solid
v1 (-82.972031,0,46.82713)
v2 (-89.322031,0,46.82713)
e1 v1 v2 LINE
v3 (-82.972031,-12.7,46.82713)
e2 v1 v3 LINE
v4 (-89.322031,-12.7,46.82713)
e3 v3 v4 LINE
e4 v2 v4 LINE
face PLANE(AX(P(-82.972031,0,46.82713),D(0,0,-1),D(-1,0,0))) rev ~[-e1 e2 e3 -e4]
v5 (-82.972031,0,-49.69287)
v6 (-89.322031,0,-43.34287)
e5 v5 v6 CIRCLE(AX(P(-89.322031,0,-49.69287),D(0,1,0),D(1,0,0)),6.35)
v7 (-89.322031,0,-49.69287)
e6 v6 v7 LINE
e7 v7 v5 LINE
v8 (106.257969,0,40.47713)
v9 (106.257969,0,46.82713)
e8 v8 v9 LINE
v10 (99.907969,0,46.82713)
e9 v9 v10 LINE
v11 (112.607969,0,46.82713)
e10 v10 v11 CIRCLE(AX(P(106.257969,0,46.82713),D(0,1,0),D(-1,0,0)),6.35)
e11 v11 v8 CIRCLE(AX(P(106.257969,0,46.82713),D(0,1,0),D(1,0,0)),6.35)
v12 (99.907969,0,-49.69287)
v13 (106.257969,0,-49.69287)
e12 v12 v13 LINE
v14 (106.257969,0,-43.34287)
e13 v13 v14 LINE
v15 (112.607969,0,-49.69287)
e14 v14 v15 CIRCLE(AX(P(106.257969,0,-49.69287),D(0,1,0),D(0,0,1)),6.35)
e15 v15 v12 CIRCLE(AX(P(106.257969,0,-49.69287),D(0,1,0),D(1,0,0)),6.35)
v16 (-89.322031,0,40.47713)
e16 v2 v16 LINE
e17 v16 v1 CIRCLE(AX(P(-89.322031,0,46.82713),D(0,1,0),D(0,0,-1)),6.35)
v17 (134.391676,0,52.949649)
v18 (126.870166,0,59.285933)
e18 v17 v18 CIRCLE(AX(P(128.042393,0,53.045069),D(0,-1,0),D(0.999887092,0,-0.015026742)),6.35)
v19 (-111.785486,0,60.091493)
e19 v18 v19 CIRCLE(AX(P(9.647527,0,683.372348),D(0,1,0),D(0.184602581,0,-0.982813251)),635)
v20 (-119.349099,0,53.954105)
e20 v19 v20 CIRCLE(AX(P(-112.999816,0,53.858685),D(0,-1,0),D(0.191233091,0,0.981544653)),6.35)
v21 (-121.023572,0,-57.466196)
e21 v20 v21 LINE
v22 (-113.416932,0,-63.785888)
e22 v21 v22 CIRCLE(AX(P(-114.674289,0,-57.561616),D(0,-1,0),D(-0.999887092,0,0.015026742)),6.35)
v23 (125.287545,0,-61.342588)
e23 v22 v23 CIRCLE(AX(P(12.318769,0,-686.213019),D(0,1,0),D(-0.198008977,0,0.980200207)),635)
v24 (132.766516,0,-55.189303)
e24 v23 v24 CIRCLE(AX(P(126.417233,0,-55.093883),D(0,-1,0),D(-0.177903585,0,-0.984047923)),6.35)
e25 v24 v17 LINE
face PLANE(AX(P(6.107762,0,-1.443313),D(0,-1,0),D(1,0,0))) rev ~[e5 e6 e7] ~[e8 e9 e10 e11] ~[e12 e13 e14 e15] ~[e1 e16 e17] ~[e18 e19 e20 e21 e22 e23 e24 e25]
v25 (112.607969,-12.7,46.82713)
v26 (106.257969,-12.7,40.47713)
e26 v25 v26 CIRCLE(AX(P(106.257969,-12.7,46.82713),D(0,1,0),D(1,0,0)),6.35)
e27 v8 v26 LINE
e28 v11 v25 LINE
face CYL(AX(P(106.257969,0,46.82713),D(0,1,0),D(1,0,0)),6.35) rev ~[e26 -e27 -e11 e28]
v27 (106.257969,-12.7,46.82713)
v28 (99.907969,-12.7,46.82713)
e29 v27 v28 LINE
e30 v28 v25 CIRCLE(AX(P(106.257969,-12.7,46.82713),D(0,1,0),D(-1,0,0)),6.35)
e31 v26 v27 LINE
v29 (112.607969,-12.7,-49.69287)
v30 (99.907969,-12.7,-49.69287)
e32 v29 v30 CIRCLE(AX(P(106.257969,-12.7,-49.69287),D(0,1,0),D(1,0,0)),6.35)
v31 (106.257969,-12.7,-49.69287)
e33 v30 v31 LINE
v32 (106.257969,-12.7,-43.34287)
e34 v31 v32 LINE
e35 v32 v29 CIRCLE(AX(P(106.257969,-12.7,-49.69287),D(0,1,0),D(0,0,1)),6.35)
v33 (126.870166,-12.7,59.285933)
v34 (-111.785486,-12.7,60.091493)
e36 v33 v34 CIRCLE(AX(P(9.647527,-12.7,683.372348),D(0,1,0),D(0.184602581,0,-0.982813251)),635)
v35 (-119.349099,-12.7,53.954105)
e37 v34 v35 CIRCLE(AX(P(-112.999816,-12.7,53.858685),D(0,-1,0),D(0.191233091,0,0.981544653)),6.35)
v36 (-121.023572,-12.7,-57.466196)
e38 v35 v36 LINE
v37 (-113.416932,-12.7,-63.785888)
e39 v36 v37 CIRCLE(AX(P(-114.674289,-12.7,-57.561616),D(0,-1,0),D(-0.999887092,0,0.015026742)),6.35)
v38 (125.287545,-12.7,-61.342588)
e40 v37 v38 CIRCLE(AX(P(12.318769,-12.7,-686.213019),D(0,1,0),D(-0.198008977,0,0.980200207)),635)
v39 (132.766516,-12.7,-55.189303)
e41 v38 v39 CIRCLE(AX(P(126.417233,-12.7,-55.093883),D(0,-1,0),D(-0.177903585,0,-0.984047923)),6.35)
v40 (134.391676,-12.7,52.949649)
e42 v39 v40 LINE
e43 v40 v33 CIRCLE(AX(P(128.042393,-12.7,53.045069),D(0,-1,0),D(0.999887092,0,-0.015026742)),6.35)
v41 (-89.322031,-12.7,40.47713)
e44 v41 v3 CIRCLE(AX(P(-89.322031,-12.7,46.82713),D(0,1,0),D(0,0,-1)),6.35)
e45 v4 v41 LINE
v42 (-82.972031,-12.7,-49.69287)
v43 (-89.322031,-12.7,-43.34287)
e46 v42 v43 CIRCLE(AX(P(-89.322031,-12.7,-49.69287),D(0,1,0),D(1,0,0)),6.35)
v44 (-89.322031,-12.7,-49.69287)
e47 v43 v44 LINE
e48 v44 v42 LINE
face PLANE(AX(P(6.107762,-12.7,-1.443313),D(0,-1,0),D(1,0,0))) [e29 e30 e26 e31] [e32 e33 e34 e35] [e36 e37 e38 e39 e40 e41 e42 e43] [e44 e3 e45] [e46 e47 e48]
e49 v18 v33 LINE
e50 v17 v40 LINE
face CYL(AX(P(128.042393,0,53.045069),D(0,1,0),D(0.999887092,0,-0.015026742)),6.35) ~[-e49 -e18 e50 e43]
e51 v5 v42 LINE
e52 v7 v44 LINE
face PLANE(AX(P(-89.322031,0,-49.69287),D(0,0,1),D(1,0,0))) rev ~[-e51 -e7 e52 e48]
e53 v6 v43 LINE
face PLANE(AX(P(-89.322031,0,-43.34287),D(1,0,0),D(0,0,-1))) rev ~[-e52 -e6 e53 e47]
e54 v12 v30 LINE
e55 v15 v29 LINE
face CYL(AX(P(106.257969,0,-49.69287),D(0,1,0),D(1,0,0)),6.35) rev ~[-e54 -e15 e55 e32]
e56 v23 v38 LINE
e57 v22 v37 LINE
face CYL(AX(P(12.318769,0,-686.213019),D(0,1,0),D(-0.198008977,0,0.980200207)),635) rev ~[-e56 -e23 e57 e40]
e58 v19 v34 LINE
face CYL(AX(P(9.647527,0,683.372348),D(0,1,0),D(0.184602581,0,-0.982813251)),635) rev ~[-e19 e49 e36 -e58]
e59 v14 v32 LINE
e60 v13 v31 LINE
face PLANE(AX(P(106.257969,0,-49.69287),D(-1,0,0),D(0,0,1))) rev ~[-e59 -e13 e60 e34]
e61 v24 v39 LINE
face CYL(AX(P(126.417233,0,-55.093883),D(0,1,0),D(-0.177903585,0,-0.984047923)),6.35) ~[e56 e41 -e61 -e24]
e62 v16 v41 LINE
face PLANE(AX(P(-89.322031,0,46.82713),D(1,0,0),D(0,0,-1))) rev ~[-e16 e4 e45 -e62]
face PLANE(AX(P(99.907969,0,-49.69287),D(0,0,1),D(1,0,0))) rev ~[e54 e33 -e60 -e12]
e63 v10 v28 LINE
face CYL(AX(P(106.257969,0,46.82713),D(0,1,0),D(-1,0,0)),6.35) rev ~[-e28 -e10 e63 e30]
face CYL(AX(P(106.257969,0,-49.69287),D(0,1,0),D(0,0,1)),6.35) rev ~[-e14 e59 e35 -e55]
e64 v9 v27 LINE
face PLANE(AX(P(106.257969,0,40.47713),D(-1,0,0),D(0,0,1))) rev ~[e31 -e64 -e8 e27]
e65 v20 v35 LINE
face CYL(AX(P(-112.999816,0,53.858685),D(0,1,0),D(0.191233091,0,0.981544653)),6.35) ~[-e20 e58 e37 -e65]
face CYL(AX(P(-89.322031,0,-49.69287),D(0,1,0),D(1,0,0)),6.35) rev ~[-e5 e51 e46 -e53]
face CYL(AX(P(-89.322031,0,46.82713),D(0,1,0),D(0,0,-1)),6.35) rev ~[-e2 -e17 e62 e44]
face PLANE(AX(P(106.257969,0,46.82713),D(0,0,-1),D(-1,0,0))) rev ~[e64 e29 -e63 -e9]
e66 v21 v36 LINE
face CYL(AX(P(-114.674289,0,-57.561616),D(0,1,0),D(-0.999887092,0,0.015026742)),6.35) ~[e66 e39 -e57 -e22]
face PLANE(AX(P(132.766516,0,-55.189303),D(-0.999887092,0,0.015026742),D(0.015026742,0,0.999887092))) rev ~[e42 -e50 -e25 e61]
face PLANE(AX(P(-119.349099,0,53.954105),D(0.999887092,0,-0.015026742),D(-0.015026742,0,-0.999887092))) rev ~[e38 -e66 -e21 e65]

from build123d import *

# Parameters (mm, degrees)
F1_DEPTH = 12.7


with BuildPart() as f1:
    # F0 (on Front) → F1 (new body)
    with BuildSketch(Plane.XZ):
        with BuildLine():
            ThreePointArc((-111.7854855043, 60.0914934764), (-117.0009180363, 58.7895752727), (-119.3490986665, 53.9541047441))
            Line((-119.3490986665, 53.9541047441), (-121.0235718422, -57.4661964465))
            ThreePointArc((-121.0235718422, -57.4661964465), (-118.7321887124, -62.4458714068), (-113.4169318002, -63.7858875693))
            ThreePointArc((-113.4169318002, -63.7858875693), (5.8194598315, -51.2462802184), (125.2875451839, -61.342587667))
            ThreePointArc((125.2875451839, -61.342587667), (130.4516810172, -59.9975277939), (132.7665159819, -55.1893031681))
            Line((132.7665159819, -55.1893031681), (134.3916756088, 52.9496492702))
            ThreePointArc((134.3916756088, 52.9496492702), (132.1335540806, 57.9014975558), (126.870166184, 59.2859332278))
            ThreePointArc((126.870166184, 59.2859332278), (7.5041551968, 48.3759652136), (-111.7854855043, 60.0914934764))
        make_face()
        with BuildLine():
            ThreePointArc((-89.3220306988, 40.4771303502), (-93.8121587593, 51.3172584107), (-82.9720306988, 46.8271303502))
            Line((-82.9720306988, 46.8271303502), (99.9079693012, 46.8271303502))
            ThreePointArc((99.9079693012, 46.8271303502), (106.2579693012, 53.1771303502), (112.6079693012, 46.8271303502))
            ThreePointArc((112.6079693012, 46.8271303502), (110.7480973618, 42.3370022896), (106.2579693012, 40.4771303502))
            Line((106.2579693012, 40.4771303502), (106.2579693012, -43.3428696498))
            ThreePointArc((106.2579693012, -43.3428696498), (110.7480973618, -45.2027415893), (112.6079693012, -49.6928696498))
            ThreePointArc((112.6079693012, -49.6928696498), (106.2579693012, -56.0428696498), (99.9079693012, -49.6928696498))
            Line((99.9079693012, -49.6928696498), (-82.9720306988, -49.6928696498))
            ThreePointArc((-82.9720306988, -49.6928696498), (-93.8121587593, -54.1829977104), (-89.3220306988, -43.3428696498))
            Line((-89.3220306988, -43.3428696498), (-89.3220306988, 40.4771303502))
        make_face(mode=Mode.SUBTRACT)
        with BuildLine():
            Line((99.9079693012, 46.8271303502), (-82.9720306988, 46.8271303502))
            ThreePointArc((-82.9720306988, 46.8271303502), (-84.8319026382, 42.3370022896), (-89.3220306988, 40.4771303502))
            Line((-89.3220306988, 40.4771303502), (-89.3220306988, -43.3428696498))
            ThreePointArc((-89.3220306988, -43.3428696498), (-84.8319026382, -45.2027415893), (-82.9720306988, -49.6928696498))
            Line((-82.9720306988, -49.6928696498), (99.9079693012, -49.6928696498))
            ThreePointArc((99.9079693012, -49.6928696498), (101.7678412407, -45.2027415893), (106.2579693012, -43.3428696498))
            Line((106.2579693012, -43.3428696498), (106.2579693012, 40.4771303502))
            ThreePointArc((106.2579693012, 40.4771303502), (101.7678412407, 42.3370022896), (99.9079693012, 46.8271303502))
        make_face()
        with BuildLine():
            ThreePointArc((-89.3220306988, 40.4771303502), (-84.8319026382, 42.3370022896), (-82.9720306988, 46.8271303502))
            Line((-82.9720306988, 46.8271303502), (-89.3220306988, 46.8271303502))
            Line((-89.3220306988, 46.8271303502), (-89.3220306988, 40.4771303502))
        make_face()
        with BuildLine():
            ThreePointArc((-82.9720306988, -49.6928696498), (-84.8319026382, -45.2027415893), (-89.3220306988, -43.3428696498))
            Line((-89.3220306988, -43.3428696498), (-89.3220306988, -49.6928696498))
            Line((-89.3220306988, -49.6928696498), (-82.9720306988, -49.6928696498))
        make_face()
        with BuildLine():
            Line((106.2579693012, 46.8271303502), (99.9079693012, 46.8271303502))
            ThreePointArc((99.9079693012, 46.8271303502), (101.7678412407, 42.3370022896), (106.2579693012, 40.4771303502))
            Line((106.2579693012, 40.4771303502), (106.2579693012, 46.8271303502))
        make_face()
        with BuildLine():
            Line((106.2579693012, -49.6928696498), (106.2579693012, -43.3428696498))
            ThreePointArc((106.2579693012, -43.3428696498), (101.7678412407, -45.2027415893), (99.9079693012, -49.6928696498))
            Line((99.9079693012, -49.6928696498), (106.2579693012, -49.6928696498))
        make_face()
    extrude(amount=F1_DEPTH)


solid = f1.part
